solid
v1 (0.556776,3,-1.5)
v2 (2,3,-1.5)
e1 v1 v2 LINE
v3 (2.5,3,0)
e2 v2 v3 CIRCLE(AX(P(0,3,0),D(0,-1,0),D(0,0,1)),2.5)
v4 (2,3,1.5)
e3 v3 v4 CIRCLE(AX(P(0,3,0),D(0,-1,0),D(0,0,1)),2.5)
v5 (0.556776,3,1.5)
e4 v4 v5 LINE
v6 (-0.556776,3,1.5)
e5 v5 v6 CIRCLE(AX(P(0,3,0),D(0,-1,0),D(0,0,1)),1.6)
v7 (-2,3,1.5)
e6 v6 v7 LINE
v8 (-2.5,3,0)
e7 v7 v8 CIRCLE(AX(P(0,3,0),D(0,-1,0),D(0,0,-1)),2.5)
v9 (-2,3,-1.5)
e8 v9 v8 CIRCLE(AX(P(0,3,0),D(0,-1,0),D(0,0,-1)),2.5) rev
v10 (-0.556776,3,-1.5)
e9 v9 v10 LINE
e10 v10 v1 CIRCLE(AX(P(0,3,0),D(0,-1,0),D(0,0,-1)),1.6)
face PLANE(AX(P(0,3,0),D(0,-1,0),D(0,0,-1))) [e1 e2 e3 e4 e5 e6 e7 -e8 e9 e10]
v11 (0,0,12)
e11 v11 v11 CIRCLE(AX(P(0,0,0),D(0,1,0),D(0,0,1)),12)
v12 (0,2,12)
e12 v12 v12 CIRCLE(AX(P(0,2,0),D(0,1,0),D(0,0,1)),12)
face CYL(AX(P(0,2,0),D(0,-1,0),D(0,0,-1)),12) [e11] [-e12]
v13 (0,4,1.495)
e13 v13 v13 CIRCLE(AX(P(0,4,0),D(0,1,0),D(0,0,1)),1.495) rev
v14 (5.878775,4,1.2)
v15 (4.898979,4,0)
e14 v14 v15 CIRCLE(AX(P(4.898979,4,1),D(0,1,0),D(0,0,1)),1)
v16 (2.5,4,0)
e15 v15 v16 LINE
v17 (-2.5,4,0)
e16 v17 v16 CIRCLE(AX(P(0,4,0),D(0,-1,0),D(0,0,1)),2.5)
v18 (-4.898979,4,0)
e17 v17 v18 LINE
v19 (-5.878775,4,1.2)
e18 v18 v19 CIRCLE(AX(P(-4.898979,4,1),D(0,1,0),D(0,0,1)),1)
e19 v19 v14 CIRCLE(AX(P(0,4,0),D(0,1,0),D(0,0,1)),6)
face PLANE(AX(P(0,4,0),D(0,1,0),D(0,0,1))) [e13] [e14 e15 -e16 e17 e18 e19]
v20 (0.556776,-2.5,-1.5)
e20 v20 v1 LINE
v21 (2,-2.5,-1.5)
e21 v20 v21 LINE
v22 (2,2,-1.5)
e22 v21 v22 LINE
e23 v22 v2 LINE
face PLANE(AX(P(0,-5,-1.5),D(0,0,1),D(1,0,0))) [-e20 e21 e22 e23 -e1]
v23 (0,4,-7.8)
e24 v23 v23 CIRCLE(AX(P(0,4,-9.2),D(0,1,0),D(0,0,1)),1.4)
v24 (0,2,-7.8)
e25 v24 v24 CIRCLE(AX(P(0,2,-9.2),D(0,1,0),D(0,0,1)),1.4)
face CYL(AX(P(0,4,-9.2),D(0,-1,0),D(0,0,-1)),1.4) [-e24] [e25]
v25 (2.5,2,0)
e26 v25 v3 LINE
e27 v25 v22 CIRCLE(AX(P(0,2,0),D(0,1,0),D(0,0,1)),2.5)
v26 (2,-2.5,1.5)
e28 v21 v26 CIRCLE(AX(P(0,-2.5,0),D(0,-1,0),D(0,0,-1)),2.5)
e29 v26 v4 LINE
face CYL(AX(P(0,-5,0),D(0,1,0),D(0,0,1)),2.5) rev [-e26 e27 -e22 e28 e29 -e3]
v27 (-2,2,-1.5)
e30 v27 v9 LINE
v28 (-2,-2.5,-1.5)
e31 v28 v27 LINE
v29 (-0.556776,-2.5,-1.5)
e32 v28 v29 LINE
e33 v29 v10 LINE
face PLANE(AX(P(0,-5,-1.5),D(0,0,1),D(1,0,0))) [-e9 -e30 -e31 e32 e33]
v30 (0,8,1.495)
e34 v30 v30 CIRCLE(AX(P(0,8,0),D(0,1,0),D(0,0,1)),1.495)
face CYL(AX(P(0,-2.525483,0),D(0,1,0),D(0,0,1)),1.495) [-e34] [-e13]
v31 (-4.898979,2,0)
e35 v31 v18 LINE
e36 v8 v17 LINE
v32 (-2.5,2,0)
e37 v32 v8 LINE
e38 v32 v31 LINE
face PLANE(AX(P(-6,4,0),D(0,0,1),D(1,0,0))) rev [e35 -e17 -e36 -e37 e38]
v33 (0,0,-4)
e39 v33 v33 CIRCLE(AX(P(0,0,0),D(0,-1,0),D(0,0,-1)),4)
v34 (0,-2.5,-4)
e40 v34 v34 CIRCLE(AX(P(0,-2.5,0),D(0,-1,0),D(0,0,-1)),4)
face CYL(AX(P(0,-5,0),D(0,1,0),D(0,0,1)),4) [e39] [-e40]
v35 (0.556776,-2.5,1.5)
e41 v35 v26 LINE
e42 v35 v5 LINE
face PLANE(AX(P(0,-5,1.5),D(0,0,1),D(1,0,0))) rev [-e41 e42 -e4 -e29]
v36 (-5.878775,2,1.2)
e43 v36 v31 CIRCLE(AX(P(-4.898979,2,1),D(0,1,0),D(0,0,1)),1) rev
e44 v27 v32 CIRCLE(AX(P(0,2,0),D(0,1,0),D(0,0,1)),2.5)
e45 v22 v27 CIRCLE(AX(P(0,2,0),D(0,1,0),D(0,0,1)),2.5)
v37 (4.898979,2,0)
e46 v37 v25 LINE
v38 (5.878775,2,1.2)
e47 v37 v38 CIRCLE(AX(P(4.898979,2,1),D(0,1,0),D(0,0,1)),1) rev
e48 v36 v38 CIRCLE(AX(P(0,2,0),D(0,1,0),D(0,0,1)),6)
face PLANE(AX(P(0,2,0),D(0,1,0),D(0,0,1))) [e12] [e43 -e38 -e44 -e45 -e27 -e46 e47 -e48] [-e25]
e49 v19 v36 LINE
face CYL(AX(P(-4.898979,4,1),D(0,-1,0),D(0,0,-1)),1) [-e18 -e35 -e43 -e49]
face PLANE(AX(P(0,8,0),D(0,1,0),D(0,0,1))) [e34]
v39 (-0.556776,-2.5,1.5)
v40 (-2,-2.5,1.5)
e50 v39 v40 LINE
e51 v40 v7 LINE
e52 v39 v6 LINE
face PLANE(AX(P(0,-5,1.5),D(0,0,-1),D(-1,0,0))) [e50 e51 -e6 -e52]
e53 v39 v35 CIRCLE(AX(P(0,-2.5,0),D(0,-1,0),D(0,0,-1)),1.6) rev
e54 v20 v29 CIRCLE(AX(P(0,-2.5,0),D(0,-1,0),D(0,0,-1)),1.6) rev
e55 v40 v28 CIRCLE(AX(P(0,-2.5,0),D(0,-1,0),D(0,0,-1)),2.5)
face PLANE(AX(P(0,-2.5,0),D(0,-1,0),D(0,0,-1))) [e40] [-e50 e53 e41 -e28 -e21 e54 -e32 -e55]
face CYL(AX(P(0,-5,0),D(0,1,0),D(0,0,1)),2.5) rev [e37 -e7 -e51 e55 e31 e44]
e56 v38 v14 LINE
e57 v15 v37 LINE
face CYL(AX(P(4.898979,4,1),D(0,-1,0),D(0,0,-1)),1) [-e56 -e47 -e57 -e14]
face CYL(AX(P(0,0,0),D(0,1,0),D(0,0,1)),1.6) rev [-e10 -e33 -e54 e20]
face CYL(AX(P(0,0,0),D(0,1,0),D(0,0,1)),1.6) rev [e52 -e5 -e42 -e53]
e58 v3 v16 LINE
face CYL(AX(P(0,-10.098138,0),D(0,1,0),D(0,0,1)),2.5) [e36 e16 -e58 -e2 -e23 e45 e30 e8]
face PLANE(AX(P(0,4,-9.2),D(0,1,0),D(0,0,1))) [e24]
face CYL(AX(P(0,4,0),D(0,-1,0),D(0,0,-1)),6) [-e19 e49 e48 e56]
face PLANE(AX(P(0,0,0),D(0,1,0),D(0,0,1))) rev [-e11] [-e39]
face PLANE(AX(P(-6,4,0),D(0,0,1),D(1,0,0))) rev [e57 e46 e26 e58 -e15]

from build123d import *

# Parameters (mm, degrees)
SKETCH1_R                = 12
BOSS_EXTRUDE1_DEPTH      = 2
SKETCH2_R                = 1.5
BOSS_EXTRUDE2_DEPTH      = 2
SKETCH3_R                = 1.5
CUT_EXTRUDE1_DEPTH       = 5
SKETCH4_R                = 4
CUT_EXTRUDE2_DEPTH       = 2
SKETCH5_R                = 1.5
CUT_EXTRUDE3_DEPTH       = 2
SKETCH6_R                = 1.4
BOSS_EXTRUDE3_DEPTH      = 2
SKETCH7_R                = 1.6
CUT_EXTRUDE4_DEPTH       = 2
FILLET1_R                = 1
SKETCH8_R                = 4
BOSS_EXTRUDE7_DEPTH      = 5
SKETCH9_R                = 1.6
BOSS_EXTRUDE8_DEPTH      = 6
BOSS_EXTRUDE8_DEPTH_BACK = 2
SKETCH10_R               = 1.6
SKETCH10_R_2             = 1.495
CUT_EXTRUDE5_DEPTH       = 6
SKETCH11_R               = 4
BOSS_EXTRUDE9_DEPTH      = 2
CUT_EXTRUDE6_DEPTH       = 8
SKETCH13_R               = 6.833450219
CUT_EXTRUDE7_DEPTH       = 1
SKETCH14_R               = 7.033053892
CUT_EXTRUDE8_DEPTH       = 1
SKETCH15_R               = 8.776668046
CUT_EXTRUDE9_DEPTH       = 0.5
CUT_EXTRUDE10_DEPTH      = 2
CUT_EXTRUDE11_DEPTH      = 2


with BuildPart() as part:
    # Sketch1 → Boss-Extrude1 (new body)
    with BuildSketch(Plane(origin=(0, 0, 0), x_dir=(1, 0, 0), z_dir=(0, 1, 0))):
        Circle(SKETCH1_R)
    extrude(amount=BOSS_EXTRUDE1_DEPTH)

    # Sketch2 → Boss-Extrude2 (add)
    with BuildSketch(Plane(origin=(0, 2, 0), x_dir=(1, 0, 0), z_dir=(0, 1, 0))):
        with Locations((0, 9.5)):
            Circle(SKETCH2_R)
        with BuildLine():
            Line((-6, 0), (6, 0))
            ThreePointArc((6, 0), (0, -6), (-6, 0))
        make_face()
    extrude(amount=BOSS_EXTRUDE2_DEPTH)

    # Sketch3 → Cut-Extrude1 (cut)
    with BuildSketch(Plane.XZ):
        Circle(SKETCH3_R)
    extrude(amount=-CUT_EXTRUDE1_DEPTH, mode=Mode.SUBTRACT)

    # Sketch4 → Cut-Extrude2 (cut)
    with BuildSketch(Plane(origin=(0, 2, 0), x_dir=(1, 0, 0), z_dir=(0, 1, 0))):
        Circle(SKETCH4_R)
    extrude(amount=CUT_EXTRUDE2_DEPTH, mode=Mode.SUBTRACT)

    # Sketch5 → Cut-Extrude3 (cut)
    with BuildSketch(Plane(origin=(0, 2, 0), x_dir=(1, 0, 0), z_dir=(0, 1, 0))):
        with Locations((0, 9.5)):
            Circle(SKETCH5_R)
    extrude(amount=CUT_EXTRUDE3_DEPTH, mode=Mode.SUBTRACT)

    # Sketch6 → Boss-Extrude3 (add)
    with BuildSketch(Plane(origin=(0, 2, 0), x_dir=(1, 0, 0), z_dir=(0, 1, 0))):
        with Locations((0, 9.2)):
            Circle(SKETCH6_R)
    extrude(amount=BOSS_EXTRUDE3_DEPTH)

    # Sketch7 → Cut-Extrude4 (cut)
    with BuildSketch(Plane(origin=(0, 2, 0), x_dir=(1, 0, 0), z_dir=(0, 1, 0))):
        Circle(SKETCH7_R)
    extrude(amount=-CUT_EXTRUDE4_DEPTH, mode=Mode.SUBTRACT)

    # Fillet1
    fillet1_edges = [part.edges().sort_by_distance(p)[0] for p in [
        (-6, 3, 0),
        (6, 3, 0),
    ]]
    fillet(fillet1_edges, radius=FILLET1_R)

    # Sketch8 → Boss-Extrude7 (add)
    with BuildSketch(Plane(origin=(0, 0, 0), x_dir=(-1, 0, 0), z_dir=(0, -1, 0))):
        Circle(SKETCH8_R)
        with BuildLine():
            ThreePointArc((0.556776436, -1.5), (0, -1.6), (-0.556776436, -1.5))
            Line((-0.556776436, -1.5), (-2, -1.5))
            ThreePointArc((-2, -1.5), (-2.5, 0), (-2, 1.5))
            Line((-2, 1.5), (-0.556776436, 1.5))
            ThreePointArc((-0.556776436, 1.5), (0, 1.6), (0.556776436, 1.5))
            Line((0.556776436, 1.5), (2, 1.5))
            ThreePointArc((2, 1.5), (2.5, 0), (2, -1.5))
            Line((2, -1.5), (0.556776436, -1.5))
        make_face(mode=Mode.SUBTRACT)
    extrude(amount=BOSS_EXTRUDE7_DEPTH)

    # Sketch9 → Boss-Extrude8 (add, two sides)
    with BuildSketch(Plane(origin=(0, 2, 0), x_dir=(1, 0, 0), z_dir=(0, 1, 0))) as boss_extrude8_sk:
        Circle(SKETCH9_R)
    extrude(amount=BOSS_EXTRUDE8_DEPTH)
    extrude(boss_extrude8_sk.sketch, amount=-BOSS_EXTRUDE8_DEPTH_BACK)

    # Sketch10 → Cut-Extrude5 (cut)
    with BuildSketch(Plane(origin=(0, 8, 0), x_dir=(1, 0, 0), z_dir=(0, 1, 0))):
        Circle(SKETCH10_R)
        Circle(SKETCH10_R_2, mode=Mode.SUBTRACT)
    extrude(amount=-CUT_EXTRUDE5_DEPTH, mode=Mode.SUBTRACT)

    # Sketch11 → Boss-Extrude9 (add)
    with BuildSketch(Plane(origin=(0, 2, 0), x_dir=(1, 0, 0), z_dir=(0, 1, 0))):
        Circle(SKETCH11_R)
    extrude(amount=BOSS_EXTRUDE9_DEPTH)

    # Sketch12 → Cut-Extrude6 (cut)
    with BuildSketch(Plane(origin=(0, -5, 0), x_dir=(-1, 0, 0), z_dir=(0, -1, 0))):
        with BuildLine():
            Line((2, -1.5), (0.556776436, -1.5))
            ThreePointArc((0.556776436, -1.5), (0, -1.6), (-0.556776436, -1.5))
            Line((-0.556776436, -1.5), (-2, -1.5))
            ThreePointArc((-2, -1.5), (-2.5, 0), (-2, 1.5))
            Line((-2, 1.5), (-0.556776436, 1.5))
            ThreePointArc((-0.556776436, 1.5), (0, 1.6), (0.556776436, 1.5))
            Line((0.556776436, 1.5), (2, 1.5))
            ThreePointArc((2, 1.5), (2.5, 0), (2, -1.5))
        make_face()
    extrude(amount=-CUT_EXTRUDE6_DEPTH, mode=Mode.SUBTRACT)

    # Sketch13 → Cut-Extrude7 (cut)
    with BuildSketch(Plane(origin=(0, -5, 0), x_dir=(-1, 0, 0), z_dir=(0, -1, 0))):
        Circle(SKETCH13_R)
    extrude(amount=-CUT_EXTRUDE7_DEPTH, mode=Mode.SUBTRACT)

    # Sketch14 → Cut-Extrude8 (cut)
    with BuildSketch(Plane(origin=(0, -4, 0), x_dir=(-1, 0, 0), z_dir=(0, -1, 0))):
        Circle(SKETCH14_R)
    extrude(amount=-CUT_EXTRUDE8_DEPTH, mode=Mode.SUBTRACT)

    # Sketch15 → Cut-Extrude9 (cut)
    with BuildSketch(Plane(origin=(0, -3, 0), x_dir=(-1, 0, 0), z_dir=(0, -1, 0))):
        Circle(SKETCH15_R)
    extrude(amount=-CUT_EXTRUDE9_DEPTH, mode=Mode.SUBTRACT)

    # Sketch16 → Cut-Extrude10 (cut)
    with BuildSketch(Plane(origin=(0, 4, 0), x_dir=(1, 0, 0), z_dir=(0, 1, 0))):
        with BuildLine():
            Line((-4, 0), (-3, 0))
            ThreePointArc((-3, 0), (0, 3), (3, 0))
            Line((3, 0), (4, 0))
            Line((4, 0), (6.488398176, 5.447999119))
            Line((6.488398176, 5.447999119), (-6.411842689, 6.016687232))
            Line((-6.411842689, 6.016687232), (-4, 0))
        make_face()
    extrude(amount=-CUT_EXTRUDE10_DEPTH, mode=Mode.SUBTRACT)

    # Sketch17 → Cut-Extrude11 (cut)
    with BuildSketch(Plane(origin=(0, 4, 0), x_dir=(1, 0, 0), z_dir=(0, 1, 0))):
        with BuildLine():
            Line((-3, 0), (-2.5, 0))
            ThreePointArc((-2.5, 0), (0, 2.5), (2.5, 0))
            Line((2.5, 0), (3, 0))
            Line((3, 0), (3.695122569, 4.261417823))
            Line((3.695122569, 4.261417823), (-7.0808681, 5.499359859))
            Line((-7.0808681, 5.499359859), (-3, 0))
        make_face()
    extrude(amount=-CUT_EXTRUDE11_DEPTH, mode=Mode.SUBTRACT)


solid = part.part
